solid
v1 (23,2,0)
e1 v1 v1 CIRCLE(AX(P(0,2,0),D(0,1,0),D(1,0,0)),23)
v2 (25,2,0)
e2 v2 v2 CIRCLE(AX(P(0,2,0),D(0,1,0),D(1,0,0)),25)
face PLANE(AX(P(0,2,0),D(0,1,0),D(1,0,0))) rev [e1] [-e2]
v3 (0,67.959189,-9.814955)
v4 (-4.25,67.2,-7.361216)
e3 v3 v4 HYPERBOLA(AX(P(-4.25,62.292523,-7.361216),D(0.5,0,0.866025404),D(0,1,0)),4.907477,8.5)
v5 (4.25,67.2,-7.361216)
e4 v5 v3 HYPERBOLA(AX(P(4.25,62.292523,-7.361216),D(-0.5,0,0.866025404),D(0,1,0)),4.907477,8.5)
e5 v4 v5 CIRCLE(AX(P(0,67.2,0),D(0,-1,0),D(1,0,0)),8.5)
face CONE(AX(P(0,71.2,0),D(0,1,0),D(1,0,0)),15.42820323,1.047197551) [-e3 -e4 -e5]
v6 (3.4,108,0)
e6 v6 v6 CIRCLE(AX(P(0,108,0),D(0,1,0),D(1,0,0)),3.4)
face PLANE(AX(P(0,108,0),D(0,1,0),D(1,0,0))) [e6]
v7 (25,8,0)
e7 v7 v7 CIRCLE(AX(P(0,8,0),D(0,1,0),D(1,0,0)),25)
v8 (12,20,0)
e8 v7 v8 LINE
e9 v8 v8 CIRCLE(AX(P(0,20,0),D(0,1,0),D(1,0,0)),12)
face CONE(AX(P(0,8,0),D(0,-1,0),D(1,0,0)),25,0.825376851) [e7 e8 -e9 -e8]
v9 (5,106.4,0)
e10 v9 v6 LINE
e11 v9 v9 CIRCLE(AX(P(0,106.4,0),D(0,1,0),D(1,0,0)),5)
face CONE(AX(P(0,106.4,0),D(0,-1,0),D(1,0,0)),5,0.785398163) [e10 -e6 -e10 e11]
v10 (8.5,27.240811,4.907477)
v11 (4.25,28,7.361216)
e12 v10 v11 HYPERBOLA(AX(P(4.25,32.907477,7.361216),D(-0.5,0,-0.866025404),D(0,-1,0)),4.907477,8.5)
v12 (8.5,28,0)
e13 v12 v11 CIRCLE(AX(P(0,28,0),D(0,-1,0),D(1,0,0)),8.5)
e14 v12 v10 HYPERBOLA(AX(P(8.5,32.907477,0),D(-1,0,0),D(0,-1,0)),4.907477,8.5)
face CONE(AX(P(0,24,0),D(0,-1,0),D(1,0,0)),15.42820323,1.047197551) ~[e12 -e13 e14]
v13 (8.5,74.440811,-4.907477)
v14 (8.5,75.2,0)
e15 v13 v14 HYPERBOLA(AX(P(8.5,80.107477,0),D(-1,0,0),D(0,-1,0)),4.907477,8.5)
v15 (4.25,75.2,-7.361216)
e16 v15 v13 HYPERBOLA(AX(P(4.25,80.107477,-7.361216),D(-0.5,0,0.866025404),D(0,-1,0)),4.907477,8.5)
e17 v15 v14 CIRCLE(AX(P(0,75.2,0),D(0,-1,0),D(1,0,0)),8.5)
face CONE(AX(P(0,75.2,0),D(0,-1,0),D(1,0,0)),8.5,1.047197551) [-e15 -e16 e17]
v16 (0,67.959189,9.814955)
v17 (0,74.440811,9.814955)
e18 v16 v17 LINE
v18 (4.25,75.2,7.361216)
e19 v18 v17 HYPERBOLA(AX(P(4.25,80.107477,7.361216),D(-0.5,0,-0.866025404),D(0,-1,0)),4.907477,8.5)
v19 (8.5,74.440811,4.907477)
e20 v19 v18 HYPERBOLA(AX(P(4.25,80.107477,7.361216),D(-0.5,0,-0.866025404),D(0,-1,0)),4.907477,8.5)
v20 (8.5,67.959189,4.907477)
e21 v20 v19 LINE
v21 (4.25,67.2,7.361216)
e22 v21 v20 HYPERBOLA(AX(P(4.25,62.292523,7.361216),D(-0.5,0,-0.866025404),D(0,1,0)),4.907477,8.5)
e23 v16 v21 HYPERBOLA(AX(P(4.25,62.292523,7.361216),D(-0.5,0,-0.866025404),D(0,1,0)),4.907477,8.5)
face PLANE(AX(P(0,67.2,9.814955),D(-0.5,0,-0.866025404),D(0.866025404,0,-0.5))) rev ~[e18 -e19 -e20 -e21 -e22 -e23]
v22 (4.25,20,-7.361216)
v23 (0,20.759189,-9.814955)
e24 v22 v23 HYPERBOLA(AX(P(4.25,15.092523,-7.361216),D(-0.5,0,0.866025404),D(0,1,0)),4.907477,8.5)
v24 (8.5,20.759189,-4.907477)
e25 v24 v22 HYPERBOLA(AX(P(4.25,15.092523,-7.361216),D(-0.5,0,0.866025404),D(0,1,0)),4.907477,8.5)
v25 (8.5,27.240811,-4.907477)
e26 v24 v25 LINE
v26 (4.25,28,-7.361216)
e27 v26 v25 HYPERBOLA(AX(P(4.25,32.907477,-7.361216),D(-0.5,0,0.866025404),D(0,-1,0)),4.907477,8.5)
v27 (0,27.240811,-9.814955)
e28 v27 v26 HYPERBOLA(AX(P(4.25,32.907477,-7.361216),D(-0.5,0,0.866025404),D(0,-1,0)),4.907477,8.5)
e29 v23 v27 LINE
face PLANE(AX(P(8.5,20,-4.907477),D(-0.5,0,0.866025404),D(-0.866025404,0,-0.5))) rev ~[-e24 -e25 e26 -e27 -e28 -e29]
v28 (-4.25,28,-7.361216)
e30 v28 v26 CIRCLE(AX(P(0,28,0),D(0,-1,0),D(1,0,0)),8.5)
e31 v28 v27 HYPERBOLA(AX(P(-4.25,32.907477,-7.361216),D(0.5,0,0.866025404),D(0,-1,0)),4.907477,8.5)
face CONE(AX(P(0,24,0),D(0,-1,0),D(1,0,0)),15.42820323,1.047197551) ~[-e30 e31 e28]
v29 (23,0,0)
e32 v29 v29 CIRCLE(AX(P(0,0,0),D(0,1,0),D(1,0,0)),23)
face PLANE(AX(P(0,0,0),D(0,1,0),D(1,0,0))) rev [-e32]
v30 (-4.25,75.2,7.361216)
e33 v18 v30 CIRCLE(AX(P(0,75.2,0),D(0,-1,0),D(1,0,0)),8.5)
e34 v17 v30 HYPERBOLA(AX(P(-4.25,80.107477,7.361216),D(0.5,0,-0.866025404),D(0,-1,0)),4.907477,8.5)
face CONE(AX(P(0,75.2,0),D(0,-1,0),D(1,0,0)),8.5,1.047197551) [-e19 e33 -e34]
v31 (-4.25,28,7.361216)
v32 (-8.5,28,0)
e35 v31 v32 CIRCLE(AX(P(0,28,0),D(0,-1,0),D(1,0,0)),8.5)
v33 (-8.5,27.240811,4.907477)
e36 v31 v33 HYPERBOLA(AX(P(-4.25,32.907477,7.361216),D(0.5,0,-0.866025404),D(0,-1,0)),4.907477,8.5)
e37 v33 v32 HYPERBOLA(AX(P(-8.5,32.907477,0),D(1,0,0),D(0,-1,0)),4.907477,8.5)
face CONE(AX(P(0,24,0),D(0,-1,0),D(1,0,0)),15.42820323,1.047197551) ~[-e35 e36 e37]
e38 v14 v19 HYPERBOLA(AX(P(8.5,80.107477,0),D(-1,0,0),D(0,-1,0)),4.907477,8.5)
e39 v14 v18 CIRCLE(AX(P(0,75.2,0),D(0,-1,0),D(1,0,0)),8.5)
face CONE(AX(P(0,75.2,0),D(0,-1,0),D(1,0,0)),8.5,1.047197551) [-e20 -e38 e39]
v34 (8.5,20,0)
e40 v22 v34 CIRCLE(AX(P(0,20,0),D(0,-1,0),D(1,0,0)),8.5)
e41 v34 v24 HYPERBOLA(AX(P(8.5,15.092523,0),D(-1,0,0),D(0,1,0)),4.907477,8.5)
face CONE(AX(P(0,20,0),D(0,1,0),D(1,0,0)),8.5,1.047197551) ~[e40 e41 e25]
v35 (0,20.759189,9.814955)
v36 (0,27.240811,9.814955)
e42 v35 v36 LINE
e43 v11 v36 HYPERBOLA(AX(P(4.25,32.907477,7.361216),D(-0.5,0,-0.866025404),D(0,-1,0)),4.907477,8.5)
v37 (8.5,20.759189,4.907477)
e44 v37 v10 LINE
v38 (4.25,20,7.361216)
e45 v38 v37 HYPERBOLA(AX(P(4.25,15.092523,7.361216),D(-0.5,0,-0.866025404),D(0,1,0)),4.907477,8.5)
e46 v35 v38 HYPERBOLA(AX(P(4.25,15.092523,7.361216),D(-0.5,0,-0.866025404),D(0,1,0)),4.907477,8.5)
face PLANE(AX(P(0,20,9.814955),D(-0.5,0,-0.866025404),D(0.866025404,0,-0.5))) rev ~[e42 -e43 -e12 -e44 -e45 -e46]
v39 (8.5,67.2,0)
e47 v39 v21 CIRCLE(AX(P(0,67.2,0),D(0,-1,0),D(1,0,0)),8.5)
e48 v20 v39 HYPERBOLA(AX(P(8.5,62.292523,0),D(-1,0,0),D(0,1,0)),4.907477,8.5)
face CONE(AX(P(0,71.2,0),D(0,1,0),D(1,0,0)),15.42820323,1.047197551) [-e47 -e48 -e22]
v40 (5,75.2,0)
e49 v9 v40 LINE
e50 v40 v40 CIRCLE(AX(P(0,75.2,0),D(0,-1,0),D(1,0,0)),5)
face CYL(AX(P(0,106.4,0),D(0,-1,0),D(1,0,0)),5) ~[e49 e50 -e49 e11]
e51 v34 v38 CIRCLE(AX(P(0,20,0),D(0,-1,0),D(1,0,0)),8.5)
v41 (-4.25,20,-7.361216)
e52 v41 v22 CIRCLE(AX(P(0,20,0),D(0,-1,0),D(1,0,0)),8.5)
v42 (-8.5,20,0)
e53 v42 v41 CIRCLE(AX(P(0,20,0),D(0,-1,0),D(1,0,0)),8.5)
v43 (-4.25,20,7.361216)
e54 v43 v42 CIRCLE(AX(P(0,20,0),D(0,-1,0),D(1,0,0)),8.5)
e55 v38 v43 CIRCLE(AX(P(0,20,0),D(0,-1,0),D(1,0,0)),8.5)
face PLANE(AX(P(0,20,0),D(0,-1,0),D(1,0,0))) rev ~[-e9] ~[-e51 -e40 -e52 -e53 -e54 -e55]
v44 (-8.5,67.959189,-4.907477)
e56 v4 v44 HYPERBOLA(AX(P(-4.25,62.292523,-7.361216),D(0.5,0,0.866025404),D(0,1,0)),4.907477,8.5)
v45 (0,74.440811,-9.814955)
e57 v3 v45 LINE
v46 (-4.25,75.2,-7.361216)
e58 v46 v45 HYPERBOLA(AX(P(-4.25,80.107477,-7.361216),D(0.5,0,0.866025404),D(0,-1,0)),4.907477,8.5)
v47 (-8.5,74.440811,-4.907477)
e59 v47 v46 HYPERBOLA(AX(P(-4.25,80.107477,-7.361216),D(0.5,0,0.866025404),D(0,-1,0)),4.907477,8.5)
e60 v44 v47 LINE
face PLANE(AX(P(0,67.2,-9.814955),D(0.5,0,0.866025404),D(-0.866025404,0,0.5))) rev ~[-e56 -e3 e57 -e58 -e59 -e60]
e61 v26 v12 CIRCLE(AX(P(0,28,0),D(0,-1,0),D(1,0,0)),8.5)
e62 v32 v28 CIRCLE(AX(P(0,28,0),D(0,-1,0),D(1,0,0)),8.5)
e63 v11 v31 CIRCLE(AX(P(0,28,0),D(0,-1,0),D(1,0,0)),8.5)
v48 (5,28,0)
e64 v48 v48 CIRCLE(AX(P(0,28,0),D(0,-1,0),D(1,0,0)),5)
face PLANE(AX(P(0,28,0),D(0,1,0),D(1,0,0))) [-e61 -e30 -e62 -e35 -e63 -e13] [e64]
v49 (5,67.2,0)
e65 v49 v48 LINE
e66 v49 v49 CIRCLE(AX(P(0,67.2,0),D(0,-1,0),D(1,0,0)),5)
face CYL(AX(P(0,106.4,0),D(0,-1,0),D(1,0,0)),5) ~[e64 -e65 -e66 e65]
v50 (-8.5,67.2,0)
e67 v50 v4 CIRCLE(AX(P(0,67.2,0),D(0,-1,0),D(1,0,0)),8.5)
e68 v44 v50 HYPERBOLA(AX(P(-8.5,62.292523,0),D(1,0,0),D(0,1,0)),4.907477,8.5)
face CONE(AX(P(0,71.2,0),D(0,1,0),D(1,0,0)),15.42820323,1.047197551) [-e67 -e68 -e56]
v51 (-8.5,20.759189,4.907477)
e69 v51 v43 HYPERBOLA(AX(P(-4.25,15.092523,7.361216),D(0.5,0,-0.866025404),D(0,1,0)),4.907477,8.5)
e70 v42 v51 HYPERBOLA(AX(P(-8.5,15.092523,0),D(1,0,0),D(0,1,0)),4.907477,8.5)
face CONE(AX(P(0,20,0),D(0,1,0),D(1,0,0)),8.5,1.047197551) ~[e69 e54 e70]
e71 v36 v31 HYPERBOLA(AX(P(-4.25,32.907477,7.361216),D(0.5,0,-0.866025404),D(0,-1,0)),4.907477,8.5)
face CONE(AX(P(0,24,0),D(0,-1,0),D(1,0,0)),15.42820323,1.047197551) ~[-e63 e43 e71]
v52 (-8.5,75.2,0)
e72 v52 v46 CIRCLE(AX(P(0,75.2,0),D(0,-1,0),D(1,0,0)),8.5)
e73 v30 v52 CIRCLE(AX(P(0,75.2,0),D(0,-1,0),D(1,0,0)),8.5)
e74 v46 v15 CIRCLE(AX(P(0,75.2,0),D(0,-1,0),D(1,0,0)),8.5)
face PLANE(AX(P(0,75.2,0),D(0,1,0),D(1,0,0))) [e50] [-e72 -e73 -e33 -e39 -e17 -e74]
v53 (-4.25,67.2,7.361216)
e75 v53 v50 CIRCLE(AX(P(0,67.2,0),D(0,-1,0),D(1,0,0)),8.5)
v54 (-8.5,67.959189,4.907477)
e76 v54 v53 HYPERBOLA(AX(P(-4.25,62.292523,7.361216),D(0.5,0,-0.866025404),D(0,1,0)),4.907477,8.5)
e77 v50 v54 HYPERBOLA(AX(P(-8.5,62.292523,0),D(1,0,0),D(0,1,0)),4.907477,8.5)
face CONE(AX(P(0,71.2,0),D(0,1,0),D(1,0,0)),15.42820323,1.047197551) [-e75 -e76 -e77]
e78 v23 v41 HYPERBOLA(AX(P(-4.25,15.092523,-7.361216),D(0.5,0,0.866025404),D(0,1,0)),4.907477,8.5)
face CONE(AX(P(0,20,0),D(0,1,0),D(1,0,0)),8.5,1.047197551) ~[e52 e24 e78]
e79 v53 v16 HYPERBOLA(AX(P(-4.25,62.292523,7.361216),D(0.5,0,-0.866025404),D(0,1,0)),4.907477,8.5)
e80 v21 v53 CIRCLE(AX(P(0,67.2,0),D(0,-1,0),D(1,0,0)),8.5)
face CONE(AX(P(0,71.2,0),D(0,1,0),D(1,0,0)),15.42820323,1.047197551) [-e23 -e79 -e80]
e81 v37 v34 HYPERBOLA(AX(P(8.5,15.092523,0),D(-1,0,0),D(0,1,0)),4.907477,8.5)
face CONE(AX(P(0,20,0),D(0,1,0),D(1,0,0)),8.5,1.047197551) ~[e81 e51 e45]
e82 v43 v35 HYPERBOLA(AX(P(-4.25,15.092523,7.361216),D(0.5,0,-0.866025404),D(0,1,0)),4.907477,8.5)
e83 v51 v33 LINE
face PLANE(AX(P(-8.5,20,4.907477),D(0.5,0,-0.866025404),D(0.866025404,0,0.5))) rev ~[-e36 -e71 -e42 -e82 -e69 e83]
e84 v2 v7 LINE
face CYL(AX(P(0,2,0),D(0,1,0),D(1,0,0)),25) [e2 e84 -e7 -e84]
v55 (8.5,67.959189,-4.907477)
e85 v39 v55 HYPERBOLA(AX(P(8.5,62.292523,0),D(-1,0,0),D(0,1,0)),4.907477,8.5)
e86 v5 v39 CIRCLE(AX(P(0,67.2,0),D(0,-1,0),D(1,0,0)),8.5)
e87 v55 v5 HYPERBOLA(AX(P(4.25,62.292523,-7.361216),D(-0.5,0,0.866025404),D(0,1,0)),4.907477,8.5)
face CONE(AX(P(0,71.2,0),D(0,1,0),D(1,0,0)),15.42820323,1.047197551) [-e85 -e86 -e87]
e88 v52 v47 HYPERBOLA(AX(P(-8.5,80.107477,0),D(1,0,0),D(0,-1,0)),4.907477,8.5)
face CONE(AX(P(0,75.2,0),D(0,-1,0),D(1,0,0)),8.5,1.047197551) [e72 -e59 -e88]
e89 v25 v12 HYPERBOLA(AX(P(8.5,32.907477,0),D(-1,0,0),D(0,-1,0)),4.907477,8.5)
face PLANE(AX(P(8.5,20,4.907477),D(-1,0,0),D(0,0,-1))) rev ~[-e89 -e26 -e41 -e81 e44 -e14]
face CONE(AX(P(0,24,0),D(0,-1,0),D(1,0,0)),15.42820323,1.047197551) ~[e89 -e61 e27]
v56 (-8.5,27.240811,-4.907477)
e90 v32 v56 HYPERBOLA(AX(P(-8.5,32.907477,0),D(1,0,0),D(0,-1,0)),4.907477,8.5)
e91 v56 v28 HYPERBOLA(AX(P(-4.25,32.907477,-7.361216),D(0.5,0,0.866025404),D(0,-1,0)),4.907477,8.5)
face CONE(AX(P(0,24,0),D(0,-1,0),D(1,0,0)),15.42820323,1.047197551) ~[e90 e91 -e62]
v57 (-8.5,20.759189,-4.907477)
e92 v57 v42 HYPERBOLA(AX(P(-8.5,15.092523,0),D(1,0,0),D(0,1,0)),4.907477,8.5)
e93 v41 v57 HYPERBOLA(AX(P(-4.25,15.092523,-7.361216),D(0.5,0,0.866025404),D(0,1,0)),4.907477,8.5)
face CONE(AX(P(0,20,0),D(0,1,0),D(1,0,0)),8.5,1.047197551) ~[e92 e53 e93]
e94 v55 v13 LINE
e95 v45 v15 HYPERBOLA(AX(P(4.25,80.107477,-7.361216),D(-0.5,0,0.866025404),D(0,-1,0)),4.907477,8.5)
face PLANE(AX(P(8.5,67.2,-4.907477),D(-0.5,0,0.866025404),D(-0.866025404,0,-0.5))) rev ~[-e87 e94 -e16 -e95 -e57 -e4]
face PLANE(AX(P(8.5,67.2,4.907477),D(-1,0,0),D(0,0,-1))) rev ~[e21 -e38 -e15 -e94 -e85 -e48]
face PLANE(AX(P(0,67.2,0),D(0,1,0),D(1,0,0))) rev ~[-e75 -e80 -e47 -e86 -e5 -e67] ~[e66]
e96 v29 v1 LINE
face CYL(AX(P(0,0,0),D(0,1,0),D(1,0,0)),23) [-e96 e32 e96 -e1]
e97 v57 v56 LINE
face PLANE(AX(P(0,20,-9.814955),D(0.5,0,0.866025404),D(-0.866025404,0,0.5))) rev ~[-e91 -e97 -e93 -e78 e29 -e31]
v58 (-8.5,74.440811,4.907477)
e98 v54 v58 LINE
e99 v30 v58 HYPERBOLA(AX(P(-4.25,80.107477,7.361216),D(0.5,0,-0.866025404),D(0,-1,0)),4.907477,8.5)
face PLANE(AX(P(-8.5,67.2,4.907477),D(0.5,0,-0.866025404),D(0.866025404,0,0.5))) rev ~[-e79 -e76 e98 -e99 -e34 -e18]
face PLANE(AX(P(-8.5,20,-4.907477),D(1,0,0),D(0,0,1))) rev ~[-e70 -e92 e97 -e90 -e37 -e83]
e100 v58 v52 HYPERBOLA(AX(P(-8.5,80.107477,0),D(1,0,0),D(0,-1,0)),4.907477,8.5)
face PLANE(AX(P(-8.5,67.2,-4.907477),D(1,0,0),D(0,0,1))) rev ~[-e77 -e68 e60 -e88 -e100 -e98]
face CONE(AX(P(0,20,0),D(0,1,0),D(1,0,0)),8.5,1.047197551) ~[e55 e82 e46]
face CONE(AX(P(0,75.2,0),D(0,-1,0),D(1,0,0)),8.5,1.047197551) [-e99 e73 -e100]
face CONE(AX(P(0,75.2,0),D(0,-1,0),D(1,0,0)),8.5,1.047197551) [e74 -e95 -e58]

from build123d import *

# Parameters (mm, degrees)
EXTRUDE_1_DEPTH = 8
EXTRUDE_2_DEPTH = 8


with BuildPart() as part:
    # Эскиз1 → Повернуть1 (revolve)
    with BuildSketch(Plane.XY, mode=Mode.PRIVATE) as revolve_1_sk:
        Polygon((0, 0), (-23, 0), (-23, 2), (-25, 2), (-25, 8), (-12, 20), (-5, 20), (-5, 28), (-5, 106.4), (-3.4, 108), (0, 108), align=None)
    revolve(revolve_1_sk.sketch.rotate(Axis((0, 0, 0), (0, 1, 0)), 180), axis=Axis((0, 0, 0), (0, 1, 0)))  # turned: the seam where the file's is

    # Эскиз2 → Бобышка-Вытянуть1 (add)
    with BuildSketch(Plane(origin=(0, 20, 0), x_dir=(1, 0, 0), z_dir=(0, 1, 0))):
        Polygon((0, 9.814954576), (-8.5, 4.907477288), (-8.5, -4.907477288), (0, -9.814954576), (8.5, -4.907477288), (8.5, 4.907477288), align=None)
    extrude(amount=EXTRUDE_1_DEPTH)

    # Эскиз3 → Бобышка-Вытянуть2 (add)
    with BuildSketch(Plane(origin=(0, 67.2, 0), x_dir=(1, 0, 0), z_dir=(0, 1, 0))):
        Polygon((8.5, 4.907477288), (0, 9.814954576), (-8.5, 4.907477288), (-8.5, -4.907477288), (0, -9.814954576), (8.5, -4.907477288), align=None)
    extrude(amount=EXTRUDE_2_DEPTH)

    # Эскиз4 → Вырез-Повернуть2 (revolve, cut)
    with BuildSketch(Plane.XY, mode=Mode.PRIVATE) as cut_revolve_2_sk:
        Polygon((-15.42820323, 75.2), (-8.5, 75.2), (-15.42820323, 71.2), align=None)
        Polygon((-15.42820323, 67.2), (-15.42820323, 71.2), (-8.5, 67.2), align=None)
        Polygon((-15.42820323, 28), (-15.42820323, 24), (-8.5, 28), align=None)
        Polygon((-15.42820323, 24), (-15.42820323, 20), (-8.5, 20), align=None)
    revolve(cut_revolve_2_sk.sketch.rotate(Axis((0, 108, 0), (0, -1, 0)), 180), axis=Axis((0, 108, 0), (0, -1, 0)), mode=Mode.SUBTRACT)  # turned: the seam where the file's is


solid = part.part
